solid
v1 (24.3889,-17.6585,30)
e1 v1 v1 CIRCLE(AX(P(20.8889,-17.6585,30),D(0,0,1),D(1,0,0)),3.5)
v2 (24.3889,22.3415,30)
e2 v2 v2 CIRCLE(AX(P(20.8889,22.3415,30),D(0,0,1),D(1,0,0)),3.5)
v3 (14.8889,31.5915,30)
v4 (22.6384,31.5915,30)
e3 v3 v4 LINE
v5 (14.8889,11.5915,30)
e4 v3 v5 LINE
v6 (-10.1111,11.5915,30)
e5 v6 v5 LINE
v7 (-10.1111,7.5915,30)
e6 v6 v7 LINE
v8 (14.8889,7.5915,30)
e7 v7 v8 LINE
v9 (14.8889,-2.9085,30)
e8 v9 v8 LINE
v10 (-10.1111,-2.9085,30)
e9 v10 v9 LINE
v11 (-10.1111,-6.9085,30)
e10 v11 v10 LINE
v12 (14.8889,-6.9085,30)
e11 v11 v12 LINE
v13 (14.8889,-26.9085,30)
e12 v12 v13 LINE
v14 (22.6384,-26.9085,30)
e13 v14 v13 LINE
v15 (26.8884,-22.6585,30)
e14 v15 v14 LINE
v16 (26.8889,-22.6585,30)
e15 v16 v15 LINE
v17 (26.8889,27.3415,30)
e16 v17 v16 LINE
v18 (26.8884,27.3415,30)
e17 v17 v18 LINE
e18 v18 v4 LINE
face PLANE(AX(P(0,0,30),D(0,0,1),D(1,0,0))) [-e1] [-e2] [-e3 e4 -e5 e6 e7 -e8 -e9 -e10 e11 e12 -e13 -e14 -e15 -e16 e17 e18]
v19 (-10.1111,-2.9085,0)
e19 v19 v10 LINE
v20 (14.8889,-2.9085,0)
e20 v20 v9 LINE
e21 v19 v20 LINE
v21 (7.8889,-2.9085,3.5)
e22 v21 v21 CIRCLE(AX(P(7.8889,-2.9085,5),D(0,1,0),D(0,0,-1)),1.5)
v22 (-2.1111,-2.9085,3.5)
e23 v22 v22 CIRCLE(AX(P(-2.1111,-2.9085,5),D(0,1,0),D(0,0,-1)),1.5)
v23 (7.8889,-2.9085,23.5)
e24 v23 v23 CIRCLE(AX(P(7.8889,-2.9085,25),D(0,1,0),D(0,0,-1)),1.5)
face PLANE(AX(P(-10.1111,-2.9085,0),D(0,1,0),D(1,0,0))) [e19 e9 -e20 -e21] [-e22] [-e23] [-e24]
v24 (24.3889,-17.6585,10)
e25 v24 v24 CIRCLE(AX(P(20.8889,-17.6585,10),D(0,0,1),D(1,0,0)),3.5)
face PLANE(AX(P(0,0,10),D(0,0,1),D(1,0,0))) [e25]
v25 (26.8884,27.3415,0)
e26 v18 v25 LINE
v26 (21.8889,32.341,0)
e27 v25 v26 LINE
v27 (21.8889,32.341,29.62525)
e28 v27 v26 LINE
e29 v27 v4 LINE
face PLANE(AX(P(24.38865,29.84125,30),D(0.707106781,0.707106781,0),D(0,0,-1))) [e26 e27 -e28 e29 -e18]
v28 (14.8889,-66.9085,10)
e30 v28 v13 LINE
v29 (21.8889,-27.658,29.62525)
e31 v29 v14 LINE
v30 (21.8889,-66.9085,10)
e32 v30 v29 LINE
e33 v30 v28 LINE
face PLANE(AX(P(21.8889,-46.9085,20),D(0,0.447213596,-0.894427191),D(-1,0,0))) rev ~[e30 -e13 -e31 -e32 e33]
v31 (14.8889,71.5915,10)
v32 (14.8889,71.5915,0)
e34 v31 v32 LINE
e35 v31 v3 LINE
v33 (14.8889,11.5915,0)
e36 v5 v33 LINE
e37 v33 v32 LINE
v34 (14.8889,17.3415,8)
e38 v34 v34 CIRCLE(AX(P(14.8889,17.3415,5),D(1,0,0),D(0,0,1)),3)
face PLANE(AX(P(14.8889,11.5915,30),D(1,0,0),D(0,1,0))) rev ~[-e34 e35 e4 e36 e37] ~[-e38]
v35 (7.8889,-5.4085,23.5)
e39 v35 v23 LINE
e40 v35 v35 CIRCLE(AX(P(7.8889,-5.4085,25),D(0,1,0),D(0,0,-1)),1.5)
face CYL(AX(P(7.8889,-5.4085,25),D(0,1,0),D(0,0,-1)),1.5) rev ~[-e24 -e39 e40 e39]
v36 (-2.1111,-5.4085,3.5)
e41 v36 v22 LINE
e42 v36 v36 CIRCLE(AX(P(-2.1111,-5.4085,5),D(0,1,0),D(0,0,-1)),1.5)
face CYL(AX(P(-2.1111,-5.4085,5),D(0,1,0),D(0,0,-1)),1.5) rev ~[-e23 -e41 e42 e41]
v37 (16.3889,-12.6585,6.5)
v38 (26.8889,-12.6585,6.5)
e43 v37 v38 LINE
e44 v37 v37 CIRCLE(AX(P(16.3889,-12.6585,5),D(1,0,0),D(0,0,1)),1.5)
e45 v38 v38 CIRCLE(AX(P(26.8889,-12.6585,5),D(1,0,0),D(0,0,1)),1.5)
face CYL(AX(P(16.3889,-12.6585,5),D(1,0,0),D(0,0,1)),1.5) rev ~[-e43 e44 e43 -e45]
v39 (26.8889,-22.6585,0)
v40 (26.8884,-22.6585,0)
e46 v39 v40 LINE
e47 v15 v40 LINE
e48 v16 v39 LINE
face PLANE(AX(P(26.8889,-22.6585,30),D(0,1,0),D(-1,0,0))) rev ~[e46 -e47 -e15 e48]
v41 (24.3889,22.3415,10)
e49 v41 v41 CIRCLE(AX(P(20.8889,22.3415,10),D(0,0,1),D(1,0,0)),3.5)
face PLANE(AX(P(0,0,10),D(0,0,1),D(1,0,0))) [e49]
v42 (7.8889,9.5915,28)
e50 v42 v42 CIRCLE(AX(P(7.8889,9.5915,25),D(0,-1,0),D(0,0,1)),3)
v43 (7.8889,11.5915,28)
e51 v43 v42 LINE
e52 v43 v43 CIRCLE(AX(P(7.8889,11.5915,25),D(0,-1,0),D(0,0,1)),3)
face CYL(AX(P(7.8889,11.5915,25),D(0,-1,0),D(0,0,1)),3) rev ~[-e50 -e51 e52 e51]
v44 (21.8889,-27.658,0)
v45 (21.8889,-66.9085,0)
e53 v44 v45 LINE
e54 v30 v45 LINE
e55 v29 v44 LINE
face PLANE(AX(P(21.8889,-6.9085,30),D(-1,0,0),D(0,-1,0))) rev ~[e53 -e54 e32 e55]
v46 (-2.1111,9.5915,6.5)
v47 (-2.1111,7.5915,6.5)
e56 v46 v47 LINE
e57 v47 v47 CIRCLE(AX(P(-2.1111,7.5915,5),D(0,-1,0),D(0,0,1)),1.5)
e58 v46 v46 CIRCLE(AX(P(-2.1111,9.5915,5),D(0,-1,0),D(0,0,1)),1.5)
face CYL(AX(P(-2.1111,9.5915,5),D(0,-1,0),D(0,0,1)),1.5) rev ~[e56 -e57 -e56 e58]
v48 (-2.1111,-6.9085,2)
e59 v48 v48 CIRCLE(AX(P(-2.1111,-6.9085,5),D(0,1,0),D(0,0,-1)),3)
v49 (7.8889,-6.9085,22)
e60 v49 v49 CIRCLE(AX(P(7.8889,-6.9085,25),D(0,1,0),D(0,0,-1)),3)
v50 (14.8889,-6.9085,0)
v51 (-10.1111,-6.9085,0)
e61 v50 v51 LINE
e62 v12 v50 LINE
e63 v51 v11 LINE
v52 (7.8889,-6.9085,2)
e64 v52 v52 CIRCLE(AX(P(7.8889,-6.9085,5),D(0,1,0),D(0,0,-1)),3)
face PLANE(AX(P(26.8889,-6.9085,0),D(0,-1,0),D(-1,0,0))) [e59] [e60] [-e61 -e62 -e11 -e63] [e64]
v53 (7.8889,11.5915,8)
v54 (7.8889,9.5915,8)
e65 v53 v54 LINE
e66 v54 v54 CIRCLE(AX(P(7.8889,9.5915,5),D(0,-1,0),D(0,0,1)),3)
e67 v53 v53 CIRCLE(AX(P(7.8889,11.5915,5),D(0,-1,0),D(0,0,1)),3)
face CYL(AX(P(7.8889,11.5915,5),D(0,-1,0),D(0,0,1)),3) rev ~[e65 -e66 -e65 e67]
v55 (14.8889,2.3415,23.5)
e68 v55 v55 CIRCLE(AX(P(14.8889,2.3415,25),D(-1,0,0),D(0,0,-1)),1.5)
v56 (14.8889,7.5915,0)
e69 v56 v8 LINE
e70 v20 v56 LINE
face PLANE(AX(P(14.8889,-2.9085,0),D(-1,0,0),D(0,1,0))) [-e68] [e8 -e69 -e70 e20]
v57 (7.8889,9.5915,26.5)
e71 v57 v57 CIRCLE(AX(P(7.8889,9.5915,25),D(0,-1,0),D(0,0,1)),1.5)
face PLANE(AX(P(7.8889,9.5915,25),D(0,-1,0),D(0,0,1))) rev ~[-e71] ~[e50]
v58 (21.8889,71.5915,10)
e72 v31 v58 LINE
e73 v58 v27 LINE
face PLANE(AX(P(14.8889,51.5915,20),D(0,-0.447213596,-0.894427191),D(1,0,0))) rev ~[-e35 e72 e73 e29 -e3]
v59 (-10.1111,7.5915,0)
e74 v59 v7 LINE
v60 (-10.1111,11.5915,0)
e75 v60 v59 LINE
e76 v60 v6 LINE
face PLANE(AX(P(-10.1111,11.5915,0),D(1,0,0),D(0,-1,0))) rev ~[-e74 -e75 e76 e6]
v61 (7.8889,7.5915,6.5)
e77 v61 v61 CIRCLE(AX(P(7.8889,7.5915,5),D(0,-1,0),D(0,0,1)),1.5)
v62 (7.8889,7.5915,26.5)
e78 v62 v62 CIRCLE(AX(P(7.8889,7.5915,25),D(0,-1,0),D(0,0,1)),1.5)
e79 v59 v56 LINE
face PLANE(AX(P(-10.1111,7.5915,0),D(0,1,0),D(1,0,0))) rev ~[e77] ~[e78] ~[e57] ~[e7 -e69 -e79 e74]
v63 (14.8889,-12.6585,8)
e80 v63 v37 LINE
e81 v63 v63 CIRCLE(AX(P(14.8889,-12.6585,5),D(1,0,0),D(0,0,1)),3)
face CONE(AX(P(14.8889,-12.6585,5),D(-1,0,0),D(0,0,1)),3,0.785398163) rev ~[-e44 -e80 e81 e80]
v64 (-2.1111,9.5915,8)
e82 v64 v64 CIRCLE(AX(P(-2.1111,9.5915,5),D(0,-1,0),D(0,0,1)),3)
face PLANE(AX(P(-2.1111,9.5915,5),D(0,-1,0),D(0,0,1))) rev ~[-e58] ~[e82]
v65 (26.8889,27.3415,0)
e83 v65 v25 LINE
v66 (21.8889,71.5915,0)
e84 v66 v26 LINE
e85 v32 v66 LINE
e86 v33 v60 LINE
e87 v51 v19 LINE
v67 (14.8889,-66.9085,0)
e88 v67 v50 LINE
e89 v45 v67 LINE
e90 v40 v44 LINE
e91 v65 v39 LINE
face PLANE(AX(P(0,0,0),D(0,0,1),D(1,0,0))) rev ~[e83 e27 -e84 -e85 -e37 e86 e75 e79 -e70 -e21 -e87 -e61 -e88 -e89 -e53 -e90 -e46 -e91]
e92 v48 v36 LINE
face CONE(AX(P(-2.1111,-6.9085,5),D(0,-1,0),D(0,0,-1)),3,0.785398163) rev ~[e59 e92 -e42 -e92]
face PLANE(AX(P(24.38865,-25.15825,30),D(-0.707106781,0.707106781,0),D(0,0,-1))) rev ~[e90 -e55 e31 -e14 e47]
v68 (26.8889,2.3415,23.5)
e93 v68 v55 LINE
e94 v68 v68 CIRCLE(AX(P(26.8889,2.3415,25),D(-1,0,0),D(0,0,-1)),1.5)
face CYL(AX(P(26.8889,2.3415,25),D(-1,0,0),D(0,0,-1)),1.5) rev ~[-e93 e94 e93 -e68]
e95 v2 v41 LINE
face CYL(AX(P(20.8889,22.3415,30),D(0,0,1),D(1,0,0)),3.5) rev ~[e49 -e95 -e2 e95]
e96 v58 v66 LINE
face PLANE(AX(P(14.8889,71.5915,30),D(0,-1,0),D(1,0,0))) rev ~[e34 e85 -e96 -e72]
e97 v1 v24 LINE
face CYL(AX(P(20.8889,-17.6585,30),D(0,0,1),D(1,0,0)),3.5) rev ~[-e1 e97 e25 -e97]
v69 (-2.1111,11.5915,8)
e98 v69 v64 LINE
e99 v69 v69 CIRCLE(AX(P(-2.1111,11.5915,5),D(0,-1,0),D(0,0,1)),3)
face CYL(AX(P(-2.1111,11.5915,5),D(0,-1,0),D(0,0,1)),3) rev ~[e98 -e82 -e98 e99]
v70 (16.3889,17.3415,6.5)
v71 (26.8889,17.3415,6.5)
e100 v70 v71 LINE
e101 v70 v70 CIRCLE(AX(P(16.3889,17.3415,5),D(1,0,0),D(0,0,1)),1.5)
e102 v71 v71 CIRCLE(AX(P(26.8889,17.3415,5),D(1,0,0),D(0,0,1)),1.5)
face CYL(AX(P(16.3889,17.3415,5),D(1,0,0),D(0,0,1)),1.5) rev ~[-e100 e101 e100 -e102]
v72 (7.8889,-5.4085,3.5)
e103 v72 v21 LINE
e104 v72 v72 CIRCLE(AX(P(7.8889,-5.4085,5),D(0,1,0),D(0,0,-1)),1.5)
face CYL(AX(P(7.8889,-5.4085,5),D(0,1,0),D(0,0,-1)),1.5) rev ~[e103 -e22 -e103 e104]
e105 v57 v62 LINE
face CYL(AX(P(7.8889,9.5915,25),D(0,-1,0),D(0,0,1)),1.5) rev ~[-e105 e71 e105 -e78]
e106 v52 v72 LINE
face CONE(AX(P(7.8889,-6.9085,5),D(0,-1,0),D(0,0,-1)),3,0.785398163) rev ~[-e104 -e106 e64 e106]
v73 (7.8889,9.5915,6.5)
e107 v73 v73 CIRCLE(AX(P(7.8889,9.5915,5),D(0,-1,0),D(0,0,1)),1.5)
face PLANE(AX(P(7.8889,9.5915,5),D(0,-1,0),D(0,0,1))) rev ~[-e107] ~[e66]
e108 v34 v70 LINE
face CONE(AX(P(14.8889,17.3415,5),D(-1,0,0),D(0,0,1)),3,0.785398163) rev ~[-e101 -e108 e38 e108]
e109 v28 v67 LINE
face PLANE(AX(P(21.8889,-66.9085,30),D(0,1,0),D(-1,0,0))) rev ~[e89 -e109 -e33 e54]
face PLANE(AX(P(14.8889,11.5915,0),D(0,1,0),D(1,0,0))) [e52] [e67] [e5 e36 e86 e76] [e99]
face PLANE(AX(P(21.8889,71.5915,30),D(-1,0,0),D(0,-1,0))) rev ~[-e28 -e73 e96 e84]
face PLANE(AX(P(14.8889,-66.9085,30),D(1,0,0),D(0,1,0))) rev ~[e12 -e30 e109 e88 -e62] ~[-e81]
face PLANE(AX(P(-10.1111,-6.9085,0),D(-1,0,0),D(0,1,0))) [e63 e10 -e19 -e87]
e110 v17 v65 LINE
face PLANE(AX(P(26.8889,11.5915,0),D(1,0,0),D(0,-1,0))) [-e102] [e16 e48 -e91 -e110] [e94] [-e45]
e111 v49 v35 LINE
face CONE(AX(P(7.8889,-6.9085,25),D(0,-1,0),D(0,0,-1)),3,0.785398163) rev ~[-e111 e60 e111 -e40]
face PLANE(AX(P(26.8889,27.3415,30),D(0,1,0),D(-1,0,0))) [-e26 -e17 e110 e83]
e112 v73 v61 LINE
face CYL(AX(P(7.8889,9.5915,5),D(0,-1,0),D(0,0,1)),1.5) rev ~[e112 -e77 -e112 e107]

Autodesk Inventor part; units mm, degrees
ref_plane "YZ Plane" through (0, 0, 0) normal (1, 0, 0) x (0, 1, 0)
ref_plane "XZ Plane" through (0, 0, 0) normal (0, 1, 0) x (-1, 0, 0)
ref_plane "XY Plane" through (0, 0, 0) normal (0, 0, 1) x (1, 0, 0)
sketch "Sketch1" plane through (0, 0, 0) normal (0, 0, 1) x (1, 0, 0)
  line L0 (14.8889, 11.5915) -> (26.8889, 11.5915)
  line L1 (26.8889, 11.5915) -> (26.8889, -6.9085)
  line L2 (26.8889, -6.9085) -> (14.8889, -6.9085)
  line L3 (14.8889, -6.9085) -> (14.8889, 11.5915)
  line L4 (14.8889, 11.5915) -> (-10.1111, 11.5915)
  line L5 (-10.1111, 11.5915) -> (-10.1111, 7.5915)
  line L6 (-10.1111, 7.5915) -> (14.8889, 7.5915)
  line L7 (14.8889, 7.5915) -> (14.8889, 11.5915)
  line L8 (14.8889, -6.9085) -> (-10.1111, -6.9085)
  line L9 (-10.1111, -6.9085) -> (-10.1111, -2.9085)
  line L10 (-10.1111, -2.9085) -> (14.8889, -2.9085)
  line L11 (14.8889, -2.9085) -> (14.8889, -6.9085)
  point P0 (0, 0)
  dimension "d0" = 10.5
  dimension "d1" = 4
  dimension "d2" = 4
  dimension "d3" = 12
  dimension "d4" = 25
extrude "Extrusion1" add sketch "Sketch1" along normal blind 30
sketch "Sketch2" plane through (-10.1111, -6.9085, 0) normal (0, -1, 0) x (1, 0, 0)
  line L0 (0, 30) -> (37, 30) projected
  line L1 (0, 0) -> (37, 0) projected
  line L2 (25, 0) -> (25, 30) projected
  point P0 (10.1111, 0)
  point P1 (18, 25)
  point P2 (18, 5)
  point P3 (8, 5)
  dimension "d7" = 5
  dimension "d8" = 5
  dimension "d9" = 5
  dimension "d10" = 10
  dimension "d11" = 0
  dimension "d12" = 7
hole "Hole1" at (7.8889, -6.9085, 25) at (7.8889, -6.9085, 5) at (-2.1111, -6.9085, 5) direction (0, 1, 0) diameter 3 depth 8 tip angle 118 countersink diameter 6 countersink angle 90
sketch "Sketch3" plane through (-10.1111, 11.5915, 0) normal (0, 1, 0) x (1, 0, 0)
  circle A0 centre (18, -25) radius 1.5 projected
  circle A1 centre (18, -5) radius 1.5 projected
  circle A2 centre (8, -5) radius 1.5 projected
  point P0 (10.1111, 0)
hole "Hole2" at (7.8889, 11.5915, 25) at (7.8889, 11.5915, 5) at (-2.1111, 11.5915, 5) direction (0, -1, 0) diameter 3 depth 8 tip angle 118 counterbore diameter 6 counterbore depth 2
chamfer "Chamfer1" distance 5 angle 45 1 edges at (26.8889, 2.3415, 0)
sketch "Sketch4" plane through (0, 0, 30) normal (0, 0, 1) x (1, 0, 0)
  line L0 (21.8889, 11.5915) -> (14.8889, 11.5915)
  line L1 (14.8889, 11.5915) -> (14.8889, 71.5915)
  line L2 (14.8889, 71.5915) -> (21.8889, 71.5915)
  line L3 (21.8889, 71.5915) -> (21.8889, 11.5915)
  line L4 (-10.1111, -6.9085) -> (21.8889, -6.9085) projected
  line L5 (14.8889, -6.9085) -> (21.8889, -6.9085)
  line L6 (21.8889, -6.9085) -> (21.8889, -66.9085)
  line L7 (21.8889, -66.9085) -> (14.8889, -66.9085)
  line L8 (14.8889, -66.9085) -> (14.8889, -6.9085)
  line L9 (14.8889, 7.5915) -> (14.8889, -2.9085) projected
  point P0 (0, 0)
  dimension "d30" = 60
  dimension "d31" = 60
extrude "Extrusion2" add sketch "Sketch4" against normal blind 30
sketch "Sketch5" plane through (0, 0, 30) normal (0, 0, 1) x (1, 0, 0)
  line L0 (14.8889, 7.5915) -> (14.8889, -2.9085) projected
  line L1 (14.8889, 2.3415) -> (26.8889, 2.3415)
  line L2 (26.8889, 2.3415) -> (26.8889, 27.3415)
  line L3 (26.8889, 27.3415) -> (14.8889, 27.3415)
  line L4 (14.8889, 27.3415) -> (14.8889, 2.3415)
  line L5 (14.8889, 2.3415) -> (26.8889, 2.3415)
  line L6 (26.8889, 2.3415) -> (26.8889, -22.6585)
  line L7 (26.8889, -22.6585) -> (14.8889, -22.6585)
  line L8 (14.8889, -22.6585) -> (14.8889, 2.3415)
  line L9 (26.8889, -6.9085) -> (26.8889, 11.5915) projected
  point P0 (0, 0)
  dimension "d34" = 25
  dimension "d35" = 25
extrude "Extrusion3" add sketch "Sketch5" against normal blind 30
sketch "Sketch6" plane through (0, 0, 30) normal (0, 0, 1) x (1, 0, 0)
  line L0 (26.8889, -22.6585) -> (26.8889, 27.3415) projected
  line L1 (26.8889, 27.3415) -> (21.8889, 27.3415) projected
  circle A0 centre (20.8889, 22.3415) radius 3.5
  circle A1 centre (20.8889, -17.6585) radius 3.5
  point P0 (0, 0)
  dimension "d38" = 40
  dimension "d39" = 6
  dimension "d40" = 6
  dimension "d41" = 5
  dimension "d42" = 7
  dimension "d43" = 7
extrude "Extrusion4" cut sketch "Sketch6" against normal blind 20
chamfer "Chamfer2" distance 5 angle 45 2 edges at (21.8889, -22.6585, 15) (21.8889, 27.3415, 15)
chamfer "Chamfer3" distance 20 distance2 40 1 edges at (18.3889, -66.9085, 30) measured on face at (19.5556, -66.9085, 20)
chamfer "Chamfer4" distance 20 distance2 40 1 edges at (18.3889, 71.5915, 30) measured on face at (17.2222, 71.5915, 20)
sketch "Sketch7" plane through (26.8889, -22.6585, 30) normal (1, 0, 0) x (0, 0, -1)
  point P0 (30, 22.6585)
sketch "Sketch8" plane through (14.8889, -66.9085, 0) normal (-1, 0, 0) x (0, 0, 1)
  line L0 (0, 94.25) -> (0, 44.25) projected
  line L1 (0, 74.5) -> (0, 64) projected
  point P0 (0, 66.9085)
  point P1 (5, 84.25)
  point P2 (5, 54.25)
  point P3 (0, 69.25)
  dimension "d55" = 30
  dimension "d56" = 5
  dimension "d57" = 5
  dimension "d58" = 15
hole "Hole3" at (14.8889, -12.6585, 5) at (14.8889, 17.3415, 5) direction (1, 0, 0) diameter 3 depth 20 tip angle 118 countersink diameter 6 countersink angle 90
sketch "Sketch9" plane through (14.8889, 11.5915, 0) normal (-1, 0, 0) x (0, 0, 1)
  point P0 (0, -11.5915)
sketch "Sketch10" plane through (26.8889, -22.6585, 30) normal (1, 0, 0) x (0, 0, -1)
  line L0 (0, 30.25) -> (0, 19.75) projected
  point P0 (30, 22.6585)
  point P1 (5, 25)
  dimension "d66" = 5
hole "Hole4" at (26.8889, 2.3415, 25) direction (-1, 0, 0) diameter 3 depth 20 tip angle 118
properties part number "Col support beam"
